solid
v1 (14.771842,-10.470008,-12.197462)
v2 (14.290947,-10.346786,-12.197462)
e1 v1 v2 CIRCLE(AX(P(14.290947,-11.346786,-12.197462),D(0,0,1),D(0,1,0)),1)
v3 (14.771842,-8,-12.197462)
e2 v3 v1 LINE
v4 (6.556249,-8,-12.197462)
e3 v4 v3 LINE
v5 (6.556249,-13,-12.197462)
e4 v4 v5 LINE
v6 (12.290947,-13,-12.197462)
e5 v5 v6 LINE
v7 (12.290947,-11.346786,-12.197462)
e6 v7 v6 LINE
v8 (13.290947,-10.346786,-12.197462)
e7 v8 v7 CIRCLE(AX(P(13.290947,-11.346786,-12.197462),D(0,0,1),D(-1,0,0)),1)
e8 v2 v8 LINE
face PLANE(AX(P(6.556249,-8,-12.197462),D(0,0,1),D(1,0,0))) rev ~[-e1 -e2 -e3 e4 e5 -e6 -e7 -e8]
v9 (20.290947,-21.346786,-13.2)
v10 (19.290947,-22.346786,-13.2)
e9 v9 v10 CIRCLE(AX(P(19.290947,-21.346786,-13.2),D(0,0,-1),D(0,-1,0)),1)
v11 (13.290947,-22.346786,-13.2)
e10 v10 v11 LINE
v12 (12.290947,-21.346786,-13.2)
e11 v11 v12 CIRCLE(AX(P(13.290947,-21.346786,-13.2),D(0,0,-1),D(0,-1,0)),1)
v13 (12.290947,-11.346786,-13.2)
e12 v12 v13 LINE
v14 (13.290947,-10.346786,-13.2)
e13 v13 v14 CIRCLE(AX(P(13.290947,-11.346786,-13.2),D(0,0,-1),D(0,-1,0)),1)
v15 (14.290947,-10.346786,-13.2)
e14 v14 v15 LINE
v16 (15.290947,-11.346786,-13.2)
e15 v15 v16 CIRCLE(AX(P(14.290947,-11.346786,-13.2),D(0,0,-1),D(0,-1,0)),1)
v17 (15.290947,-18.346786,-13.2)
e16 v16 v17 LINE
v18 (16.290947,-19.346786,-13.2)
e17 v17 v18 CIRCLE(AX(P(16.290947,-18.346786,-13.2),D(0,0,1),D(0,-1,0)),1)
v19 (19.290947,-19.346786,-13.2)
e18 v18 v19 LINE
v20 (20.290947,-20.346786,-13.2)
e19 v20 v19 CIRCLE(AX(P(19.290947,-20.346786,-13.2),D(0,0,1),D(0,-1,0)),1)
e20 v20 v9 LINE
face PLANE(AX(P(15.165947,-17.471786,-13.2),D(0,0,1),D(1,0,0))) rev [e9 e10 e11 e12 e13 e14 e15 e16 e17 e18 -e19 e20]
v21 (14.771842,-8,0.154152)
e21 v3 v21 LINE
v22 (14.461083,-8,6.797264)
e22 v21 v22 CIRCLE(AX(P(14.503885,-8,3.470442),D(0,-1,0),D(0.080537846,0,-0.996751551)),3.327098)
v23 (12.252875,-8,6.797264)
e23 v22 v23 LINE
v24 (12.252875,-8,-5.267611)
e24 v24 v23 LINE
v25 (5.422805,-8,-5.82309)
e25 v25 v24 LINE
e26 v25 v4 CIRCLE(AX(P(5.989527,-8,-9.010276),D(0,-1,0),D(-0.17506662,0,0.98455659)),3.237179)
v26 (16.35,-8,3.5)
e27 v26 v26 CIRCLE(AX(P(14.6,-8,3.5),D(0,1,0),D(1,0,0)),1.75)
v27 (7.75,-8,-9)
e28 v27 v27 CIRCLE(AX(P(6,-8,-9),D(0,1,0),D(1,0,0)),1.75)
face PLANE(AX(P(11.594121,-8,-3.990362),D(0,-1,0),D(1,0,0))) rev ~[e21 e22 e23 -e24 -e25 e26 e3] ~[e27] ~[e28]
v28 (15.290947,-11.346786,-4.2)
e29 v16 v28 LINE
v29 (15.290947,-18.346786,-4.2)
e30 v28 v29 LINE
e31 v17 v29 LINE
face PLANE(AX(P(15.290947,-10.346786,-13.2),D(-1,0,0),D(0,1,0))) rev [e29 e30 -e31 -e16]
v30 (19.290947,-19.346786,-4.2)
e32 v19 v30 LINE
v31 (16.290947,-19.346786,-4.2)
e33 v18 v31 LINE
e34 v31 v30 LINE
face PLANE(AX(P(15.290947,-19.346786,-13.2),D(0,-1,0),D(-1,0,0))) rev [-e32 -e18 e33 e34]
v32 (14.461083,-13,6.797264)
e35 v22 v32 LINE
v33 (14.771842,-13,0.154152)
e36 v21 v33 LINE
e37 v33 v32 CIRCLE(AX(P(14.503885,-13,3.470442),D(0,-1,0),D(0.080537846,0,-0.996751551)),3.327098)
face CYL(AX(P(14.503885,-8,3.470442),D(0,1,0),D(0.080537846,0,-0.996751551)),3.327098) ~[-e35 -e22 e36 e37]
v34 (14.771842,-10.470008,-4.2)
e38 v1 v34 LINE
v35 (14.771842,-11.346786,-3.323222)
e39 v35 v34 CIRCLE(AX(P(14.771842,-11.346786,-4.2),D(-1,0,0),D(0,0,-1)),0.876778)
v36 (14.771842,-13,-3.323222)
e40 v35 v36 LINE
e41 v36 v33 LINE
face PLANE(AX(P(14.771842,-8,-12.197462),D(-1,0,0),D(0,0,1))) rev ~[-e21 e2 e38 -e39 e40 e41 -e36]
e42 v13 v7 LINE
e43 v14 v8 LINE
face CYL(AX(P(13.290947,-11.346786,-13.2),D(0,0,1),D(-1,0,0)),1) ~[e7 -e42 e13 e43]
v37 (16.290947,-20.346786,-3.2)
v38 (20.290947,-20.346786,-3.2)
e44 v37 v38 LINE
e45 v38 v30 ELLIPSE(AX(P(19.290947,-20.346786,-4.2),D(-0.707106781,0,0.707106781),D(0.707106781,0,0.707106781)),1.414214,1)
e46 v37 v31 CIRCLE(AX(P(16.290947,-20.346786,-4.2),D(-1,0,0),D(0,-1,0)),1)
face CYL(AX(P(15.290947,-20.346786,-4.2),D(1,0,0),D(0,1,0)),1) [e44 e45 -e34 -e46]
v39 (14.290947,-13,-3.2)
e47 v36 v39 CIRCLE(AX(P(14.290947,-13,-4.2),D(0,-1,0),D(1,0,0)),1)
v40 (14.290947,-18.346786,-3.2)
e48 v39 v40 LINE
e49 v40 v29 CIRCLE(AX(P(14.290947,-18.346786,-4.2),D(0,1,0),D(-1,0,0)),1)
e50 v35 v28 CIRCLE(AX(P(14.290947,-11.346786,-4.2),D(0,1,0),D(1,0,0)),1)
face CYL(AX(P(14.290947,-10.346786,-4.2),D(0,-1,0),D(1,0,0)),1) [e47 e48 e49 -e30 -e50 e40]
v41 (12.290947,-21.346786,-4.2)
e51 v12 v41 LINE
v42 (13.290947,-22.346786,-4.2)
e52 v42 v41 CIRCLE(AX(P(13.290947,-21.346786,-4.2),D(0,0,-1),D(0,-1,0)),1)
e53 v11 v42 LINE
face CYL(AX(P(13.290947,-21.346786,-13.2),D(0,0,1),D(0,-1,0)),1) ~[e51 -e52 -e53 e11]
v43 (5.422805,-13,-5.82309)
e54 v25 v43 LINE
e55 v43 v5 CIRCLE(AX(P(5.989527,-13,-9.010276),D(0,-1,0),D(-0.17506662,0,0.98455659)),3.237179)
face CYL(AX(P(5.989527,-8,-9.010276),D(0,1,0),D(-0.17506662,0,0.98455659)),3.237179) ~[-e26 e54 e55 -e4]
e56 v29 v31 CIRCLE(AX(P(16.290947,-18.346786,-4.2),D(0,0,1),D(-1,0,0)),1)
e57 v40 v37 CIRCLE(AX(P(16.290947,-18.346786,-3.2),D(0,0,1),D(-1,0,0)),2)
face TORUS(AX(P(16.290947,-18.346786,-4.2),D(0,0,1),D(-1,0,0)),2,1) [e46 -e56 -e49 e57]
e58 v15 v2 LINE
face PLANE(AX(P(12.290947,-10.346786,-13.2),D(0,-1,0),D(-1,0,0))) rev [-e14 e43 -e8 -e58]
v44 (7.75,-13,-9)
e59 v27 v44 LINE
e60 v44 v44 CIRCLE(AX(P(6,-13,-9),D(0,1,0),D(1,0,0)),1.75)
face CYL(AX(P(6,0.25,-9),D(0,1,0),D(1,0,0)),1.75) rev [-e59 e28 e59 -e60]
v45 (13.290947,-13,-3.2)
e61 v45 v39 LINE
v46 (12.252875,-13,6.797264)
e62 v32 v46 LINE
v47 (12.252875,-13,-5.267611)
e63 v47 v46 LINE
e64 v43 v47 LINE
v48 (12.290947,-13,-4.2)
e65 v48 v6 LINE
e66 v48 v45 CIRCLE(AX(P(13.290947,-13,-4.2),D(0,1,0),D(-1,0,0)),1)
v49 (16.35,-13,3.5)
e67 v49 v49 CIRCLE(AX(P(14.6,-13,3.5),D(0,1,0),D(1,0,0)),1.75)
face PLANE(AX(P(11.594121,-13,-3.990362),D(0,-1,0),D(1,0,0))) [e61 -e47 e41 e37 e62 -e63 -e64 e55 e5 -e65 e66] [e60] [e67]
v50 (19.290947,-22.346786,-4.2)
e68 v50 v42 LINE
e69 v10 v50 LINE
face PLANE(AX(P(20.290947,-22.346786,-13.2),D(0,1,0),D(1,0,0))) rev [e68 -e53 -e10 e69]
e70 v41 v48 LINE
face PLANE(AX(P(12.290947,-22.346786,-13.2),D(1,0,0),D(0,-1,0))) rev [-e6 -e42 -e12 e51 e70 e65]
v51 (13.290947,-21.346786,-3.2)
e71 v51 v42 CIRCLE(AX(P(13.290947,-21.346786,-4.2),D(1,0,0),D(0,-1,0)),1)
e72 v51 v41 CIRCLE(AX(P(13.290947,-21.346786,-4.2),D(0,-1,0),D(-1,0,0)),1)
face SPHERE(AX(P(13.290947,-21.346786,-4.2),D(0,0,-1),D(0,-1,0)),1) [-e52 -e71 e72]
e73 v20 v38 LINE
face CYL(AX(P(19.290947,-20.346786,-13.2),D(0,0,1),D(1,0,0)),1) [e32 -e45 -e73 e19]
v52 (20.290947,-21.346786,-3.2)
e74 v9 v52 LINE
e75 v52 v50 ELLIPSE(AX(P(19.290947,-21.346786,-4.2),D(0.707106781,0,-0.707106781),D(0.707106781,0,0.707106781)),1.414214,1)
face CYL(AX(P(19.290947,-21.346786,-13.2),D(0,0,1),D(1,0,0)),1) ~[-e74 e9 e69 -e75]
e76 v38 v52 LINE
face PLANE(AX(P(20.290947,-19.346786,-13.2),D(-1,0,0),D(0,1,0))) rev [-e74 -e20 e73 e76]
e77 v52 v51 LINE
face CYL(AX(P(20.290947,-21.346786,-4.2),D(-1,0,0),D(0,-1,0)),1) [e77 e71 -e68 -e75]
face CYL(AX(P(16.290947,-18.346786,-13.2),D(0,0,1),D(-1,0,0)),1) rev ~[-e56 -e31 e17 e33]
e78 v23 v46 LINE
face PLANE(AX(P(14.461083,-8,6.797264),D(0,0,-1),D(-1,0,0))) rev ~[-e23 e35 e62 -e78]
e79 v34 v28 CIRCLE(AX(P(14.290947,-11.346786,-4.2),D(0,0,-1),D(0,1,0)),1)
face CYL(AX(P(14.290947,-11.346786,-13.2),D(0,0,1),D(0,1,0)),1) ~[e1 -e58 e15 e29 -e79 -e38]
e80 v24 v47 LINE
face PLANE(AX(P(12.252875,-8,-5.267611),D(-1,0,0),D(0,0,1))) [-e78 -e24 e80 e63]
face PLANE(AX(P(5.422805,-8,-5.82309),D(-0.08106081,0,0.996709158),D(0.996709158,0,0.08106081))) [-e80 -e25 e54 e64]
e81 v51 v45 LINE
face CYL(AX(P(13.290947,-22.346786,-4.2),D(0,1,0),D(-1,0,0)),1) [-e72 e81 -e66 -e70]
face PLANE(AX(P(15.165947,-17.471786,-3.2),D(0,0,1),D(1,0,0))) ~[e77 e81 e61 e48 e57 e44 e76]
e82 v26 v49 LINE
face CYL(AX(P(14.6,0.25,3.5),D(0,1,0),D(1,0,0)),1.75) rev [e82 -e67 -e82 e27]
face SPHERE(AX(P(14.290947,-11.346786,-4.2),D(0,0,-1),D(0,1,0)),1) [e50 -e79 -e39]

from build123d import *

# Parameters (mm, degrees)
CYLINDER054_R     = 1.75
CYLINDER054_DEPTH = 15
CYLINDER051_R     = 1.75
CYLINDER051_DEPTH = 15
EXTRUDE003_DEPTH  = 10
FILLET021_R       = 1
EXTRUDE004_DEPTH  = 5


with BuildPart() as m3holds022:
    # Cylinder054 → Cylinder054 (new body)
    with BuildSketch(Plane(origin=(6, 0.25, -9), x_dir=(1, 0, 0), z_dir=(0, -1, 0))):
        Circle(CYLINDER054_R)
    extrude(amount=CYLINDER054_DEPTH)


with BuildPart() as fusion065:
    # Cylinder051 → Cylinder051 (new body)
    with BuildSketch(Plane(origin=(14.6, 0.25, 3.5), x_dir=(1, 0, 0), z_dir=(0, -1, 0))):
        Circle(CYLINDER051_R)
    extrude(amount=CYLINDER051_DEPTH)

    # Fusion065: union m3Holds022
    add(m3holds022.part)


with BuildPart() as fillet021:
    # Sketch005 → Extrude003 (new body)
    with BuildSketch(Plane.XY):
        Polygon((57.709053, -19.346786), (57.709053, -22.346786), (65.709053, -22.346786), (65.709053, -10.346786), (62.709053, -10.346786), (62.709053, -19.346786), align=None)
    extrude(amount=EXTRUDE003_DEPTH)


with BuildPart() as fillet021_1:
    # Extrude003 placement: moved
    add(fillet021.part.moved(Location((0, 0, -14))))

    # Fillet021
    fillet021_edges = [fillet021_1.edges().sort_by_distance(p)[0] for p in [
        (57.709053, -19.346786, -9),
        (57.709053, -22.346786, -9),
        (65.709053, -22.346786, -9),
        (61.709053, -22.346786, -4),
        (65.709053, -10.346786, -9),
        (65.709053, -16.346786, -4),
        (62.709053, -10.346786, -9),
        (64.209053, -10.346786, -4),
        (62.709053, -19.346786, -9),
        (62.709053, -14.846786, -4),
        (60.209053, -19.346786, -4),
    ]]
    fillet(fillet021_edges, radius=FILLET021_R)


with BuildPart() as fillet021_2:
    # Fillet021 placement: moved
    add(fillet021_1.part.moved(Location((0, 0, 0.4))))


with BuildPart() as part_mirroring005:
    # Part__Mirroring005: instance of Fillet021
    add(fillet021_2.part.mirror(Plane(origin=(0, 0, 0), x_dir=(0, -1, 0), z_dir=(1, 0, 0))))


with BuildPart() as part_mirroring005_1:
    # Part__Mirroring005 placement: moved
    add(part_mirroring005.part.moved(Location((78, 0, 0.4))))


with BuildPart() as c4holdbottomleft:
    # Sketch006 → Extrude004 (new body)
    with BuildSketch(Plane.XZ):
        with BuildLine():
            ThreePointArc((14.771842, 0.154152), (17.827348, 3.62591), (14.461083, 6.797264))
            Line((14.461083, 6.797264), (12.252875, 6.797264))
            Line((12.252875, -5.267611), (12.252875, 6.797264))
            Line((5.422805, -5.82309), (12.252875, -5.267611))
            ThreePointArc((5.422805, -5.82309), (2.802341, -9.576998), (6.556249, -12.197462))
            Line((6.556249, -12.197462), (14.771842, -12.197462))
            Line((14.771842, -12.197462), (14.771842, 0.154152))
        make_face()
    extrude(amount=EXTRUDE004_DEPTH)


with BuildPart() as c4holdbottomleft_1:
    # Extrude004 placement: moved
    add(c4holdbottomleft.part.moved(Location((0, -8, 0))))

    # Fusion067: union Part__Mirroring005
    add(part_mirroring005_1.part)

    # Cut013: cut Fusion065
    add(fusion065.part, mode=Mode.SUBTRACT)


solid = c4holdbottomleft_1.part
